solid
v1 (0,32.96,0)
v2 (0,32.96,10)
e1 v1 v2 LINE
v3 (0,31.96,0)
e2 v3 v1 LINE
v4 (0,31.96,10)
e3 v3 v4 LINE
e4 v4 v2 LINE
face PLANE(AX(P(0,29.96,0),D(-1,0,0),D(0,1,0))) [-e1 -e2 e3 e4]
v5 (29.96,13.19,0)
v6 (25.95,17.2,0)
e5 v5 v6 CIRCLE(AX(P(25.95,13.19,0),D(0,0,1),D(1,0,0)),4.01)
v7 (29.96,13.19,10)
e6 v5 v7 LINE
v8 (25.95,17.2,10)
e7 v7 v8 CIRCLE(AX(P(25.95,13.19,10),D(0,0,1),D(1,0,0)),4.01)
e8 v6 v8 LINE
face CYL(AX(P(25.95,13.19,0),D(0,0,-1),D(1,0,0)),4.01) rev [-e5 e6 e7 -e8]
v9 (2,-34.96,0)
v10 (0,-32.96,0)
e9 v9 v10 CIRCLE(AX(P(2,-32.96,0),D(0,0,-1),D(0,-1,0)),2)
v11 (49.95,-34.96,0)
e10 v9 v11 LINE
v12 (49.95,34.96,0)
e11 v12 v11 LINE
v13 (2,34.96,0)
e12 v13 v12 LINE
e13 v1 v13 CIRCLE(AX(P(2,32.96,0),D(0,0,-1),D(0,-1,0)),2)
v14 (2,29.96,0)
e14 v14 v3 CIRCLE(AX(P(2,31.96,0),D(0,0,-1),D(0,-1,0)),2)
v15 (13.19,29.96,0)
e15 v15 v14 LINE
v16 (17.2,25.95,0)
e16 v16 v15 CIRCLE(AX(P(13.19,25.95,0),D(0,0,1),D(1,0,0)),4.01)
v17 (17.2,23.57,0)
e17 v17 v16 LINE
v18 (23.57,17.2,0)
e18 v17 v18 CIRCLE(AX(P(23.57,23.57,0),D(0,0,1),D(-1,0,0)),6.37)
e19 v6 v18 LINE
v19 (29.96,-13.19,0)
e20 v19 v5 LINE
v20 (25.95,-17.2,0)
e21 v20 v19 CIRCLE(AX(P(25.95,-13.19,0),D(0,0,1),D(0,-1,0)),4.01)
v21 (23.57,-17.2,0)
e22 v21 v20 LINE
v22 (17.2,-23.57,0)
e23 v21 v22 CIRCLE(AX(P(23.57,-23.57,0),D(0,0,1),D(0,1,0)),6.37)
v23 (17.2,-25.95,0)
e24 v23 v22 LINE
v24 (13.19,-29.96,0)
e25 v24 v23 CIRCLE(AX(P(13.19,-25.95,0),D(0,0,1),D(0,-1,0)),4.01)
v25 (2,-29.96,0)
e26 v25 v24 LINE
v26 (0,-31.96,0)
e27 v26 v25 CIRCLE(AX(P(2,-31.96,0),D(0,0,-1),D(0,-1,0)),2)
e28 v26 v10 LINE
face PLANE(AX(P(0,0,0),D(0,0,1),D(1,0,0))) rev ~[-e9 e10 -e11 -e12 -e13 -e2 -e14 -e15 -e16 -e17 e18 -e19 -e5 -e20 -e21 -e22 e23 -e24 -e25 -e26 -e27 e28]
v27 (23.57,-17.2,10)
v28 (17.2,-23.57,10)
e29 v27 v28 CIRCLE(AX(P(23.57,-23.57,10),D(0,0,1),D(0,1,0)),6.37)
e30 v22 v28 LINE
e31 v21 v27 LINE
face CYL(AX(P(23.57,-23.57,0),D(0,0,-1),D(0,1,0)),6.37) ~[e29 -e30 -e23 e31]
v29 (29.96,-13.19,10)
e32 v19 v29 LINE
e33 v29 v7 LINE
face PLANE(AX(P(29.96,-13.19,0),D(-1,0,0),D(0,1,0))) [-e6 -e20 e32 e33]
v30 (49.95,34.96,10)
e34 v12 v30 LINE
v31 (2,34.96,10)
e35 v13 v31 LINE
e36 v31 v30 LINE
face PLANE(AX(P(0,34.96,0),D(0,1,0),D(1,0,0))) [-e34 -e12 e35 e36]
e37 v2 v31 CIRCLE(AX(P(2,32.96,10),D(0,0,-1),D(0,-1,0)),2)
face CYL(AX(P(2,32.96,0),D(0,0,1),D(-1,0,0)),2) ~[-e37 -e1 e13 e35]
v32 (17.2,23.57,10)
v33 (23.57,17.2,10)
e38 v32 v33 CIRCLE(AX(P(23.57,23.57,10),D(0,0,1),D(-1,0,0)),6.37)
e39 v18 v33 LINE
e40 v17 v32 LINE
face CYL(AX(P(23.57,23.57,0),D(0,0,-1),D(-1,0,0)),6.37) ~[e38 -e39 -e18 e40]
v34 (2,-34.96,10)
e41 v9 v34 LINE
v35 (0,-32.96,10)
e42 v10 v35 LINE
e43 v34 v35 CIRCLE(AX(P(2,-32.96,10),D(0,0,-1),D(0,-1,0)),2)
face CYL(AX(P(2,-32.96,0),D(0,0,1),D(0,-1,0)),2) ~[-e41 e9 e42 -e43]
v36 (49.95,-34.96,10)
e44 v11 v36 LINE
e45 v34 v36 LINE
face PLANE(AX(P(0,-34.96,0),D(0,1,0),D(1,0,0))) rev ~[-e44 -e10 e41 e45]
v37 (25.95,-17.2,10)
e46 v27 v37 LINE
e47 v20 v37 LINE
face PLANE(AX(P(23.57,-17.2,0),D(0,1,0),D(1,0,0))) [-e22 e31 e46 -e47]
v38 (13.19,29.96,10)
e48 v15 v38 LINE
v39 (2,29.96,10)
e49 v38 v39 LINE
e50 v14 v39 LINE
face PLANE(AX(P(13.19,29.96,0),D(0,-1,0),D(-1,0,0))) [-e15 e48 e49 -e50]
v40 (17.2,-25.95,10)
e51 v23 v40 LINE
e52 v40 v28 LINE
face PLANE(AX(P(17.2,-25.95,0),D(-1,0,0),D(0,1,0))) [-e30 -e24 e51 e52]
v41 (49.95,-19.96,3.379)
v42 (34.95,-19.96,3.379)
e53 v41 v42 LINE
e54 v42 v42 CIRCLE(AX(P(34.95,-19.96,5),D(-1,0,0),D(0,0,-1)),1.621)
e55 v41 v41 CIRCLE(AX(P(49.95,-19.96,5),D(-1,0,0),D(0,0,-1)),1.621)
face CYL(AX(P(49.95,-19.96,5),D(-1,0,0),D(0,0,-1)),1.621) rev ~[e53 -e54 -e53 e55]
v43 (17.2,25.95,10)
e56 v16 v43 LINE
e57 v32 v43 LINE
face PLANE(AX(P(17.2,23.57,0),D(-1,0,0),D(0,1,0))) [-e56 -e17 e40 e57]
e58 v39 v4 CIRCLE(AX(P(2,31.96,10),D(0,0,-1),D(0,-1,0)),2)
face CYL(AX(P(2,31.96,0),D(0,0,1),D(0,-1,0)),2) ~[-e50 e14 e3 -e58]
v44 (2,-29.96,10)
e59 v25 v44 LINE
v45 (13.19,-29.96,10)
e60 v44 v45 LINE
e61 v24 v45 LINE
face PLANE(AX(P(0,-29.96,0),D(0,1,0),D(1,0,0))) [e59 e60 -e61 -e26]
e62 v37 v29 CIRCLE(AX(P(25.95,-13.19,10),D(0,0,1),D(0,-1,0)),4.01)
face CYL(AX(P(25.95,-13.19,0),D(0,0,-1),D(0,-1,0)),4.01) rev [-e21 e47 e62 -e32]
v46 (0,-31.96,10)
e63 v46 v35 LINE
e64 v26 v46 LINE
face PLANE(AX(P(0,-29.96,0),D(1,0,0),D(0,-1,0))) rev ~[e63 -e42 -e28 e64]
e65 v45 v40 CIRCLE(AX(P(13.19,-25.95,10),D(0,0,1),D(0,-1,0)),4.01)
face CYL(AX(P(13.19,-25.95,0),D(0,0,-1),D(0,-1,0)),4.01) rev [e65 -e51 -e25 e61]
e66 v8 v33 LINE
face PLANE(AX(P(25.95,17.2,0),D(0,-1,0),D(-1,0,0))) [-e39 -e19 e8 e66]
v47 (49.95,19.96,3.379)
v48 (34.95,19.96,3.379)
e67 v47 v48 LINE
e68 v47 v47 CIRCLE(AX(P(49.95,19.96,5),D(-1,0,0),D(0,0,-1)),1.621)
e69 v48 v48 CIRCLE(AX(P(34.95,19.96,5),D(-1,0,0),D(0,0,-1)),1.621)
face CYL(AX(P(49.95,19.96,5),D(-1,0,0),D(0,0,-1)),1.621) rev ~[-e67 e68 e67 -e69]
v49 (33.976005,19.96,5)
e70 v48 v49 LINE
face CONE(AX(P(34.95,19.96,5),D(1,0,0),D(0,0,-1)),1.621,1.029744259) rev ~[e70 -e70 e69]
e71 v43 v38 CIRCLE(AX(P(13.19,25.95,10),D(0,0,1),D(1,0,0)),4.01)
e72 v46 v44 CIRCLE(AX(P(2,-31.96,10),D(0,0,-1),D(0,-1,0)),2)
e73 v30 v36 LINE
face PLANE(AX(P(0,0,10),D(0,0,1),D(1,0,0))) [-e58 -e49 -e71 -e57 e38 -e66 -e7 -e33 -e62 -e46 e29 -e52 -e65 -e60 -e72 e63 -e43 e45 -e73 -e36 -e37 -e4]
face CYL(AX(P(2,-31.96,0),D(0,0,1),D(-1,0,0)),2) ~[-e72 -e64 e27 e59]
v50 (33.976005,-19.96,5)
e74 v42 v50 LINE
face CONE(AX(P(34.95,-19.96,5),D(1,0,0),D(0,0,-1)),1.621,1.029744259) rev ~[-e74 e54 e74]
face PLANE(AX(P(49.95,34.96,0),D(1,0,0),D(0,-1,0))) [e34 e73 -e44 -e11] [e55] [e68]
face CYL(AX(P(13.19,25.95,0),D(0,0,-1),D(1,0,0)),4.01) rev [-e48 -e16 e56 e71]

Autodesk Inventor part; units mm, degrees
ref_plane "YZ Plane" through (0, 0, 0) normal (1, 0, 0) x (0, 1, 0)
ref_plane "XZ Plane" through (0, 0, 0) normal (0, 1, 0) x (-1, 0, 0)
ref_plane "Work Plane1" through (0, 0, 0) normal (0, 0, 1) x (1, 0, 0)
sketch "Sketch1" plane through (0, 0, 0) normal (0, 0, 1) x (1, 0, 0)
  arc A0 (13.19, -29.76) -> (17, -25.95) centre (13.19, -25.95) ccw projected
  line L0 (17, -25.95) -> (17, -23.57) projected
  arc A1 (23.57, -17) -> (17, -23.57) centre (23.57, -23.57) ccw projected
  line L1 (23.57, -17) -> (25.95, -17) projected
  arc A2 (25.95, -17) -> (29.76, -13.19) centre (25.95, -13.19) ccw projected
  line L2 (29.76, -13.19) -> (29.76, 13.19) projected
  arc A3 (29.76, 13.19) -> (25.95, 17) centre (25.95, 13.19) ccw projected
  line L3 (25.95, 17) -> (23.57, 17) projected
  arc A4 (17, 23.57) -> (23.57, 17) centre (23.57, 23.57) ccw projected
  line L4 (17, 23.57) -> (17, 25.95) projected
  arc A5 (17, 25.95) -> (13.19, 29.76) centre (13.19, 25.95) ccw projected
  line L5 (13.19, 29.76) -> (-13.19, 29.76) projected
  arc A6 (-13.19, 29.76) -> (-17, 25.95) centre (-13.19, 25.95) ccw projected
  line L6 (-17, 25.95) -> (-17, 23.57) projected
  arc A7 (-23.57, 17) -> (-17, 23.57) centre (-23.57, 23.57) ccw projected
  line L7 (-23.57, 17) -> (-25.95, 17) projected
  arc A8 (-25.95, 17) -> (-29.76, 13.19) centre (-25.95, 13.19) ccw projected
  line L8 (-29.76, 13.19) -> (-29.76, -13.19) projected
  arc A9 (-29.76, -13.19) -> (-25.95, -17) centre (-25.95, -13.19) ccw projected
  line L9 (-25.95, -17) -> (-23.57, -17) projected
  arc A10 (-17, -23.57) -> (-23.57, -17) centre (-23.57, -23.57) ccw projected
  line L10 (-17, -23.57) -> (-17, -25.95) projected
  arc A11 (-17, -25.95) -> (-13.19, -29.76) centre (-13.19, -25.95) ccw projected
  line L11 (-13.19, -29.76) -> (13.19, -29.76) projected
  line L12 (49.95, 90) -> (49.95, -90) projected
  arc A12 (13.19, -29.96) -> (17.2, -25.95) centre (13.19, -25.95) ccw
  line L13 (17.2, -25.95) -> (17.2, -23.57)
  arc A13 (23.57, -17.2) -> (17.2, -23.57) centre (23.57, -23.57) ccw
  line L14 (23.57, -17.2) -> (25.95, -17.2)
  arc A14 (25.95, -17.2) -> (29.96, -13.19) centre (25.95, -13.19) ccw
  line L15 (29.96, -13.19) -> (29.96, 13.19)
  arc A15 (29.96, 13.19) -> (25.95, 17.2) centre (25.95, 13.19) ccw
  line L16 (25.95, 17.2) -> (23.57, 17.2)
  arc A16 (17.2, 23.57) -> (23.57, 17.2) centre (23.57, 23.57) ccw
  line L17 (17.2, 23.57) -> (17.2, 25.95)
  arc A17 (17.2, 25.95) -> (13.19, 29.96) centre (13.19, 25.95) ccw
  line L18 (13.19, 29.96) -> (-13.19, 29.96)
  arc A18 (-13.19, 29.96) -> (-17.2, 25.95) centre (-13.19, 25.95) ccw
  line L19 (-17.2, 25.95) -> (-17.2, 23.57)
  arc A19 (-23.57, 17.2) -> (-17.2, 23.57) centre (-23.57, 23.57) ccw
  line L20 (-23.57, 17.2) -> (-25.95, 17.2)
  arc A20 (-25.95, 17.2) -> (-29.96, 13.19) centre (-25.95, 13.19) ccw
  line L21 (-29.96, 13.19) -> (-29.96, -13.19)
  arc A21 (-29.96, -13.19) -> (-25.95, -17.2) centre (-25.95, -13.19) ccw
  line L22 (-25.95, -17.2) -> (-23.57, -17.2)
  arc A22 (-17.2, -23.57) -> (-23.57, -17.2) centre (-23.57, -23.57) ccw
  line L23 (-17.2, -23.57) -> (-17.2, -25.95)
  arc A23 (-17.2, -25.95) -> (-13.19, -29.96) centre (-13.19, -25.95) ccw
  line L24 (-13.19, -29.96) -> (13.19, -29.96)
  line L25 (0, -29.96) -> (0, -34.96)
  line L26 (0, -34.96) -> (49.95, -34.96)
  line L27 (0, 29.96) -> (0, 34.96)
  line L28 (0, 34.96) -> (49.95, 34.96)
  point P0 (0, 0)
  dimension "d0" = 0.2
  dimension "d1" = 5
extrude "Extrusion1" add sketch "Sketch1" along normal blind 10 contours L12 L26 L25 L24 A12 L13 A13 L14 A14 L15 A15 L16 A16 L17 A17 L18 L27 L28
fillet "Fillet1" radius 2 4 edges at (0, -29.96, 5) (0, -34.96, 5) (0, 34.96, 5) (0, 29.96, 5)
sketch "Sketch2" plane through (49.95, -34.96, 0) normal (1, 0, 0) x (0, 0, -1)
  line L0 (-10, 0) -> (-10, 69.92) projected
  line L1 (0, 0) -> (-10, 0) projected
  line L2 (0, 69.92) -> (-10, 69.92) projected
  line L3 (0, 0) -> (0, 69.92) projected
  point P0 (0, 34.96)
  point P1 (-5, 15)
  point P2 (-5, 54.92)
  point P3 (-5, 69.92)
  dimension "d5" = 15
  dimension "d6" = 15
hole "Hole1" at (49.95, -19.96, 5) at (49.95, 19.96, 5) direction (-1, 0, 0) diameter 3.242 depth 15 tip angle 118 thread size "M4x0.7" class "6H" standard "ISO Metric profile"
equation "\"d6\" = d5"
properties part number "nema23steun 10 mm"
